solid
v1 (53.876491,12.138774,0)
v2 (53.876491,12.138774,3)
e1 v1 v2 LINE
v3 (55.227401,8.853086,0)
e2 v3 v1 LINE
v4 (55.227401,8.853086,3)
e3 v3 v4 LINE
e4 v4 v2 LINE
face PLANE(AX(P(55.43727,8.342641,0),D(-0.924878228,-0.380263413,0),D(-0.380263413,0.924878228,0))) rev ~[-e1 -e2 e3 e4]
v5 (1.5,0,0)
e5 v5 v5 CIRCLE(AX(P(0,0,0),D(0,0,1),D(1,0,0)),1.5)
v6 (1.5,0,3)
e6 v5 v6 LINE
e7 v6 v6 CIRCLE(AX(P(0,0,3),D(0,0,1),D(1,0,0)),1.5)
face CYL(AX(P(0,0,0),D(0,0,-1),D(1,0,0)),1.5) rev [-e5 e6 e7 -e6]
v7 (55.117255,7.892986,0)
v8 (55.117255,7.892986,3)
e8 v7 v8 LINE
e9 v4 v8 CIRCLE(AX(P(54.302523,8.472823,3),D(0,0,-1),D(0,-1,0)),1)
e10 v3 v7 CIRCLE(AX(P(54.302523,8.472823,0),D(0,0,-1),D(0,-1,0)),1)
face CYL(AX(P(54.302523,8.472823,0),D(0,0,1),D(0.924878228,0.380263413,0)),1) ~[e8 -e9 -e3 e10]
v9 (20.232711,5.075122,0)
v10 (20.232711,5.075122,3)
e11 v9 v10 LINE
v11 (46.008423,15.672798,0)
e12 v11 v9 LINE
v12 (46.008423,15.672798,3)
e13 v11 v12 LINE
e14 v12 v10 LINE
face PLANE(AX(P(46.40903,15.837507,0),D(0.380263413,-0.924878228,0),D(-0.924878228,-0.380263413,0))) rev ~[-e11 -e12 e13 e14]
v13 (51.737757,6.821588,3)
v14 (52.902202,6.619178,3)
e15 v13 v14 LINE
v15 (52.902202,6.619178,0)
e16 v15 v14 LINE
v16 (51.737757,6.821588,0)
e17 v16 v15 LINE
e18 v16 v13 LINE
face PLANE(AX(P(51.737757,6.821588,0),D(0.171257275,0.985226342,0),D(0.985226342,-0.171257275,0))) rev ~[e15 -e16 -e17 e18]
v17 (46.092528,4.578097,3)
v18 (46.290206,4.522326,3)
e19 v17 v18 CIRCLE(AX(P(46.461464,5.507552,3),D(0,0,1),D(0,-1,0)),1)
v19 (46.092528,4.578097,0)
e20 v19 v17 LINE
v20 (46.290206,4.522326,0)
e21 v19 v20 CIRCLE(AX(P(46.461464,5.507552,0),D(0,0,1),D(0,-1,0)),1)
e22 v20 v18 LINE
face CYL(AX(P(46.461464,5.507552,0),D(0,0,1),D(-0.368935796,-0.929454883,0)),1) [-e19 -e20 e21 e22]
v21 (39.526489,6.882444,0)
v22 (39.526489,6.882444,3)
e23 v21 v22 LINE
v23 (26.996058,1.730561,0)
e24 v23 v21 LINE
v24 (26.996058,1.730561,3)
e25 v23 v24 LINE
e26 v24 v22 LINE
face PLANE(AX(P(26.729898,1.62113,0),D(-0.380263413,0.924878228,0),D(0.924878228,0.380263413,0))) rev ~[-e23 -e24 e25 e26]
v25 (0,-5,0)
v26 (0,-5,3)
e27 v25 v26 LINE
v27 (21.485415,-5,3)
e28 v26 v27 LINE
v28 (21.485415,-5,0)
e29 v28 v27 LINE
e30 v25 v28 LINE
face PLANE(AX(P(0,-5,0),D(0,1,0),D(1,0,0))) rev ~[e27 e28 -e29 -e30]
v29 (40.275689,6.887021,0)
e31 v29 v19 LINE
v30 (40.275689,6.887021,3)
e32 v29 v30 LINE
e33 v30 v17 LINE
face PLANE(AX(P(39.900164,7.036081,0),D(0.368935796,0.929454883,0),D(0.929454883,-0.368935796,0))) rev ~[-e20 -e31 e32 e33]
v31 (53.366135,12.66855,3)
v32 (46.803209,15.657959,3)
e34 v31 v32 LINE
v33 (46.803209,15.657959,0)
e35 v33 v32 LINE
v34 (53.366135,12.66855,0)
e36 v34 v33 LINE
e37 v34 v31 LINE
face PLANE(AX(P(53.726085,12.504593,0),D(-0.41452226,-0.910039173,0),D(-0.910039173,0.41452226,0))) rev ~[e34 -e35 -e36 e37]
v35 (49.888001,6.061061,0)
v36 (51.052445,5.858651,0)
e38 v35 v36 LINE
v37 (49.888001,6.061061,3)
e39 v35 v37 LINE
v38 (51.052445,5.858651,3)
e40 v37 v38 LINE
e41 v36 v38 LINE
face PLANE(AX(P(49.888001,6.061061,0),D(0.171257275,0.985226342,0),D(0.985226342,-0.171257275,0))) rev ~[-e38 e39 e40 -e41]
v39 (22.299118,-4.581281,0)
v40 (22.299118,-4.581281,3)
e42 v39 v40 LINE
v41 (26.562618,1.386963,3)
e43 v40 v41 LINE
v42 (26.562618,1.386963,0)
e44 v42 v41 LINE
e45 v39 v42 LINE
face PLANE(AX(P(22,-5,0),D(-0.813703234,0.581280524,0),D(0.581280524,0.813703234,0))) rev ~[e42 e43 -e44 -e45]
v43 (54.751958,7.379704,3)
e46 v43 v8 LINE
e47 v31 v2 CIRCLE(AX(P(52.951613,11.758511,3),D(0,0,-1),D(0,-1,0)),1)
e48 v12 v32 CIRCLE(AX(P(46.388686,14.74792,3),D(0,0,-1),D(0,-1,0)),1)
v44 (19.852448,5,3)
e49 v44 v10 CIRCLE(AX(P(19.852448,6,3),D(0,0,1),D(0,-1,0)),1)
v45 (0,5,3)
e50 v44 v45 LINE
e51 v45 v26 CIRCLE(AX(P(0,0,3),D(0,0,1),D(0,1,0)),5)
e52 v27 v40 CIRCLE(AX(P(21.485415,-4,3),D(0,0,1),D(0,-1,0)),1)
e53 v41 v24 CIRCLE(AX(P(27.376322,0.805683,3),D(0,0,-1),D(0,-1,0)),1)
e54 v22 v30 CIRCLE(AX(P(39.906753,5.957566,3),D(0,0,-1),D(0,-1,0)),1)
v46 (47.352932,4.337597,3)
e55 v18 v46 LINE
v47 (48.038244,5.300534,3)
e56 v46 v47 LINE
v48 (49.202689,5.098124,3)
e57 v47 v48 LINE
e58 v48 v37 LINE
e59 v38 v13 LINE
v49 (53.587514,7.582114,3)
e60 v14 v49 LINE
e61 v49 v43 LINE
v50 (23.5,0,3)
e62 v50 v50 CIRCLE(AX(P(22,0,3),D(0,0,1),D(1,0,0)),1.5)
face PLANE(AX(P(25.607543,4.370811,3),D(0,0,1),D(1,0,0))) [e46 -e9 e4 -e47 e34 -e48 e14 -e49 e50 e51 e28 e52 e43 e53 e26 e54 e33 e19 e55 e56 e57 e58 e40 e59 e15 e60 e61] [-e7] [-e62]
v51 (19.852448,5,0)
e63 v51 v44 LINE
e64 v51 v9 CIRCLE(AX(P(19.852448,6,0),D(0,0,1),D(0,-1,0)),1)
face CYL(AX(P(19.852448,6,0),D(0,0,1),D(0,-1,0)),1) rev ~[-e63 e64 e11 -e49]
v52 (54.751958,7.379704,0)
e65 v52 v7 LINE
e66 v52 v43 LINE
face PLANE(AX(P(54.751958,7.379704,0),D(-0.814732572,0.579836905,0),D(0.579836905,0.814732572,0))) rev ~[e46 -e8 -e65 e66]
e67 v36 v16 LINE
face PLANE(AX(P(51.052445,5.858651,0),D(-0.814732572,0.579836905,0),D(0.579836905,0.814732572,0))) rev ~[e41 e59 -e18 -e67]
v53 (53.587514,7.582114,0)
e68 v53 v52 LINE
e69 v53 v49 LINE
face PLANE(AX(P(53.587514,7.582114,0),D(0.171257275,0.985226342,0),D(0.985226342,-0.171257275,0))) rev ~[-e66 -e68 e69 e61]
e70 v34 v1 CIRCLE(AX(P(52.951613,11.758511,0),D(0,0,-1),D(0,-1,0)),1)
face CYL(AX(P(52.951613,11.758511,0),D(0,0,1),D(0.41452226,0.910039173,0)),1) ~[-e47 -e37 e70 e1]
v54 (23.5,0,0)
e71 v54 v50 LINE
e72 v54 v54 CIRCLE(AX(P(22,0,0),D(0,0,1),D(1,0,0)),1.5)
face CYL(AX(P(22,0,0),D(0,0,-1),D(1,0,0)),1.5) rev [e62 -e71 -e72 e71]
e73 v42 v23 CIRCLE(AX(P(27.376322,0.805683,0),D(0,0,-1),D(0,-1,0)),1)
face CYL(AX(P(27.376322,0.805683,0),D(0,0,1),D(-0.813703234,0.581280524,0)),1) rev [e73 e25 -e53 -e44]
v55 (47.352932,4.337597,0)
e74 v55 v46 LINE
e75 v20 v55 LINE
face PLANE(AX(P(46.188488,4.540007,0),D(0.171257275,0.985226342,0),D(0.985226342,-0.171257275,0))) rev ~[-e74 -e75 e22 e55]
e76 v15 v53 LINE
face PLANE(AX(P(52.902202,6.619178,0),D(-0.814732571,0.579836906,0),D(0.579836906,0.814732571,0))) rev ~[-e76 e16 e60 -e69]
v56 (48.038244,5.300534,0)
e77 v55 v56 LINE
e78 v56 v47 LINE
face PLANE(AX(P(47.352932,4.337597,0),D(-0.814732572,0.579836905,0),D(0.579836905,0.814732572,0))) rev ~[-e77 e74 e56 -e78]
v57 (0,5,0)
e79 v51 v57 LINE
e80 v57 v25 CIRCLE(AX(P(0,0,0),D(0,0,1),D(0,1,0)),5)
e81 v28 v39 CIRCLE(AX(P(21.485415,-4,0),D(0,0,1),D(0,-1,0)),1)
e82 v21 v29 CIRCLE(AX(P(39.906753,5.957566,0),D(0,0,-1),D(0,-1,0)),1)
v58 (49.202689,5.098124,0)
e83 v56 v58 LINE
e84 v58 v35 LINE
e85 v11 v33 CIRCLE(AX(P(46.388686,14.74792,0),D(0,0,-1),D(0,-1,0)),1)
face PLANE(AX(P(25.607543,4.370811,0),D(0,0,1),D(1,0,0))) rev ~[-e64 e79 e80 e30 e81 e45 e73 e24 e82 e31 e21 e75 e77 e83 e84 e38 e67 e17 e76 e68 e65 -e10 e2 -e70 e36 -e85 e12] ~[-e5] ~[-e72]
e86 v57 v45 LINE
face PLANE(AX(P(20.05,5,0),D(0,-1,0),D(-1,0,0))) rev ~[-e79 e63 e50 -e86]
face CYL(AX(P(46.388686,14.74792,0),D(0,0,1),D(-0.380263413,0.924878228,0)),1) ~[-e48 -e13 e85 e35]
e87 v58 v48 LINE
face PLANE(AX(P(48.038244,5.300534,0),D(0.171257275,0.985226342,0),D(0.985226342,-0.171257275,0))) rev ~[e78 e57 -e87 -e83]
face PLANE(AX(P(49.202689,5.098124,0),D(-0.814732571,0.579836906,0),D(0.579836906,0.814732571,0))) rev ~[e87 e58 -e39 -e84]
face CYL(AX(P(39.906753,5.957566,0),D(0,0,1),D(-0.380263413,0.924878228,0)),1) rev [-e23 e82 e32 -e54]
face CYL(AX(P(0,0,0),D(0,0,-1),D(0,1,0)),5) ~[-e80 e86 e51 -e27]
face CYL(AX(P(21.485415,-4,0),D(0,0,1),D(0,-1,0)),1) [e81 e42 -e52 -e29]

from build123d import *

# Parameters (mm, degrees)
SKETCH1_R           = 1.5
BOSS_EXTRUDE1_DEPTH = 3
FILLET1_R           = 1


with BuildPart() as part:
    # Sketch1 → Boss-Extrude1 (new body)
    with BuildSketch(Plane.XY):
        with BuildLine():
            Line((20.05, 5), (0, 5))
            ThreePointArc((0, 5), (-5, 0), (0, -5))
            Line((0, -5), (22, -5))
            Line((22, -5), (26.72989842, 1.621129525))
            Line((26.72989842, 1.621129525), (39.900164389, 7.036080522))
            Line((39.900164389, 7.036080522), (46.188488025, 4.540007042))
            Line((46.188488025, 4.540007042), (47.352932204, 4.337597171))
            Line((47.352932204, 4.337597171), (48.038244482, 5.300533868))
            Line((48.038244482, 5.300533868), (49.20268866, 5.098123997))
            Line((49.20268866, 5.098123997), (49.888000938, 6.061060693))
            Line((49.888000938, 6.061060693), (51.052445116, 5.858650822))
            Line((51.052445116, 5.858650822), (51.737757394, 6.821587519))
            Line((51.737757394, 6.821587519), (52.902201573, 6.619177648))
            Line((52.902201573, 6.619177648), (53.587513851, 7.582114344))
            Line((53.587513851, 7.582114344), (54.751958029, 7.379704473))
            Line((54.751958029, 7.379704473), (55.437270307, 8.34264117))
            Line((55.437270307, 8.34264117), (53.72608495, 12.504593197))
            Line((53.72608495, 12.504593197), (46.409029503, 15.837507263))
            Line((46.409029503, 15.837507263), (20.05, 5))
        make_face()
        Circle(SKETCH1_R, mode=Mode.SUBTRACT)
        with Locations((22, 0)):
            Circle(SKETCH1_R, mode=Mode.SUBTRACT)
    extrude(amount=BOSS_EXTRUDE1_DEPTH)

    # Fillet1
    fillet1_edges = [part.edges().sort_by_distance(p)[0] for p in [
        (22, -5, 1.5),
        (20.05, 5, 1.5),
        (46.409029503, 15.837507263, 1.5),
        (53.72608495, 12.504593197, 1.5),
        (55.437270307, 8.34264117, 1.5),
        (46.188488025, 4.540007042, 1.5),
        (39.900164389, 7.036080522, 1.5),
        (26.72989842, 1.621129525, 1.5),
    ]]
    fillet(fillet1_edges, radius=FILLET1_R)


solid = part.part
